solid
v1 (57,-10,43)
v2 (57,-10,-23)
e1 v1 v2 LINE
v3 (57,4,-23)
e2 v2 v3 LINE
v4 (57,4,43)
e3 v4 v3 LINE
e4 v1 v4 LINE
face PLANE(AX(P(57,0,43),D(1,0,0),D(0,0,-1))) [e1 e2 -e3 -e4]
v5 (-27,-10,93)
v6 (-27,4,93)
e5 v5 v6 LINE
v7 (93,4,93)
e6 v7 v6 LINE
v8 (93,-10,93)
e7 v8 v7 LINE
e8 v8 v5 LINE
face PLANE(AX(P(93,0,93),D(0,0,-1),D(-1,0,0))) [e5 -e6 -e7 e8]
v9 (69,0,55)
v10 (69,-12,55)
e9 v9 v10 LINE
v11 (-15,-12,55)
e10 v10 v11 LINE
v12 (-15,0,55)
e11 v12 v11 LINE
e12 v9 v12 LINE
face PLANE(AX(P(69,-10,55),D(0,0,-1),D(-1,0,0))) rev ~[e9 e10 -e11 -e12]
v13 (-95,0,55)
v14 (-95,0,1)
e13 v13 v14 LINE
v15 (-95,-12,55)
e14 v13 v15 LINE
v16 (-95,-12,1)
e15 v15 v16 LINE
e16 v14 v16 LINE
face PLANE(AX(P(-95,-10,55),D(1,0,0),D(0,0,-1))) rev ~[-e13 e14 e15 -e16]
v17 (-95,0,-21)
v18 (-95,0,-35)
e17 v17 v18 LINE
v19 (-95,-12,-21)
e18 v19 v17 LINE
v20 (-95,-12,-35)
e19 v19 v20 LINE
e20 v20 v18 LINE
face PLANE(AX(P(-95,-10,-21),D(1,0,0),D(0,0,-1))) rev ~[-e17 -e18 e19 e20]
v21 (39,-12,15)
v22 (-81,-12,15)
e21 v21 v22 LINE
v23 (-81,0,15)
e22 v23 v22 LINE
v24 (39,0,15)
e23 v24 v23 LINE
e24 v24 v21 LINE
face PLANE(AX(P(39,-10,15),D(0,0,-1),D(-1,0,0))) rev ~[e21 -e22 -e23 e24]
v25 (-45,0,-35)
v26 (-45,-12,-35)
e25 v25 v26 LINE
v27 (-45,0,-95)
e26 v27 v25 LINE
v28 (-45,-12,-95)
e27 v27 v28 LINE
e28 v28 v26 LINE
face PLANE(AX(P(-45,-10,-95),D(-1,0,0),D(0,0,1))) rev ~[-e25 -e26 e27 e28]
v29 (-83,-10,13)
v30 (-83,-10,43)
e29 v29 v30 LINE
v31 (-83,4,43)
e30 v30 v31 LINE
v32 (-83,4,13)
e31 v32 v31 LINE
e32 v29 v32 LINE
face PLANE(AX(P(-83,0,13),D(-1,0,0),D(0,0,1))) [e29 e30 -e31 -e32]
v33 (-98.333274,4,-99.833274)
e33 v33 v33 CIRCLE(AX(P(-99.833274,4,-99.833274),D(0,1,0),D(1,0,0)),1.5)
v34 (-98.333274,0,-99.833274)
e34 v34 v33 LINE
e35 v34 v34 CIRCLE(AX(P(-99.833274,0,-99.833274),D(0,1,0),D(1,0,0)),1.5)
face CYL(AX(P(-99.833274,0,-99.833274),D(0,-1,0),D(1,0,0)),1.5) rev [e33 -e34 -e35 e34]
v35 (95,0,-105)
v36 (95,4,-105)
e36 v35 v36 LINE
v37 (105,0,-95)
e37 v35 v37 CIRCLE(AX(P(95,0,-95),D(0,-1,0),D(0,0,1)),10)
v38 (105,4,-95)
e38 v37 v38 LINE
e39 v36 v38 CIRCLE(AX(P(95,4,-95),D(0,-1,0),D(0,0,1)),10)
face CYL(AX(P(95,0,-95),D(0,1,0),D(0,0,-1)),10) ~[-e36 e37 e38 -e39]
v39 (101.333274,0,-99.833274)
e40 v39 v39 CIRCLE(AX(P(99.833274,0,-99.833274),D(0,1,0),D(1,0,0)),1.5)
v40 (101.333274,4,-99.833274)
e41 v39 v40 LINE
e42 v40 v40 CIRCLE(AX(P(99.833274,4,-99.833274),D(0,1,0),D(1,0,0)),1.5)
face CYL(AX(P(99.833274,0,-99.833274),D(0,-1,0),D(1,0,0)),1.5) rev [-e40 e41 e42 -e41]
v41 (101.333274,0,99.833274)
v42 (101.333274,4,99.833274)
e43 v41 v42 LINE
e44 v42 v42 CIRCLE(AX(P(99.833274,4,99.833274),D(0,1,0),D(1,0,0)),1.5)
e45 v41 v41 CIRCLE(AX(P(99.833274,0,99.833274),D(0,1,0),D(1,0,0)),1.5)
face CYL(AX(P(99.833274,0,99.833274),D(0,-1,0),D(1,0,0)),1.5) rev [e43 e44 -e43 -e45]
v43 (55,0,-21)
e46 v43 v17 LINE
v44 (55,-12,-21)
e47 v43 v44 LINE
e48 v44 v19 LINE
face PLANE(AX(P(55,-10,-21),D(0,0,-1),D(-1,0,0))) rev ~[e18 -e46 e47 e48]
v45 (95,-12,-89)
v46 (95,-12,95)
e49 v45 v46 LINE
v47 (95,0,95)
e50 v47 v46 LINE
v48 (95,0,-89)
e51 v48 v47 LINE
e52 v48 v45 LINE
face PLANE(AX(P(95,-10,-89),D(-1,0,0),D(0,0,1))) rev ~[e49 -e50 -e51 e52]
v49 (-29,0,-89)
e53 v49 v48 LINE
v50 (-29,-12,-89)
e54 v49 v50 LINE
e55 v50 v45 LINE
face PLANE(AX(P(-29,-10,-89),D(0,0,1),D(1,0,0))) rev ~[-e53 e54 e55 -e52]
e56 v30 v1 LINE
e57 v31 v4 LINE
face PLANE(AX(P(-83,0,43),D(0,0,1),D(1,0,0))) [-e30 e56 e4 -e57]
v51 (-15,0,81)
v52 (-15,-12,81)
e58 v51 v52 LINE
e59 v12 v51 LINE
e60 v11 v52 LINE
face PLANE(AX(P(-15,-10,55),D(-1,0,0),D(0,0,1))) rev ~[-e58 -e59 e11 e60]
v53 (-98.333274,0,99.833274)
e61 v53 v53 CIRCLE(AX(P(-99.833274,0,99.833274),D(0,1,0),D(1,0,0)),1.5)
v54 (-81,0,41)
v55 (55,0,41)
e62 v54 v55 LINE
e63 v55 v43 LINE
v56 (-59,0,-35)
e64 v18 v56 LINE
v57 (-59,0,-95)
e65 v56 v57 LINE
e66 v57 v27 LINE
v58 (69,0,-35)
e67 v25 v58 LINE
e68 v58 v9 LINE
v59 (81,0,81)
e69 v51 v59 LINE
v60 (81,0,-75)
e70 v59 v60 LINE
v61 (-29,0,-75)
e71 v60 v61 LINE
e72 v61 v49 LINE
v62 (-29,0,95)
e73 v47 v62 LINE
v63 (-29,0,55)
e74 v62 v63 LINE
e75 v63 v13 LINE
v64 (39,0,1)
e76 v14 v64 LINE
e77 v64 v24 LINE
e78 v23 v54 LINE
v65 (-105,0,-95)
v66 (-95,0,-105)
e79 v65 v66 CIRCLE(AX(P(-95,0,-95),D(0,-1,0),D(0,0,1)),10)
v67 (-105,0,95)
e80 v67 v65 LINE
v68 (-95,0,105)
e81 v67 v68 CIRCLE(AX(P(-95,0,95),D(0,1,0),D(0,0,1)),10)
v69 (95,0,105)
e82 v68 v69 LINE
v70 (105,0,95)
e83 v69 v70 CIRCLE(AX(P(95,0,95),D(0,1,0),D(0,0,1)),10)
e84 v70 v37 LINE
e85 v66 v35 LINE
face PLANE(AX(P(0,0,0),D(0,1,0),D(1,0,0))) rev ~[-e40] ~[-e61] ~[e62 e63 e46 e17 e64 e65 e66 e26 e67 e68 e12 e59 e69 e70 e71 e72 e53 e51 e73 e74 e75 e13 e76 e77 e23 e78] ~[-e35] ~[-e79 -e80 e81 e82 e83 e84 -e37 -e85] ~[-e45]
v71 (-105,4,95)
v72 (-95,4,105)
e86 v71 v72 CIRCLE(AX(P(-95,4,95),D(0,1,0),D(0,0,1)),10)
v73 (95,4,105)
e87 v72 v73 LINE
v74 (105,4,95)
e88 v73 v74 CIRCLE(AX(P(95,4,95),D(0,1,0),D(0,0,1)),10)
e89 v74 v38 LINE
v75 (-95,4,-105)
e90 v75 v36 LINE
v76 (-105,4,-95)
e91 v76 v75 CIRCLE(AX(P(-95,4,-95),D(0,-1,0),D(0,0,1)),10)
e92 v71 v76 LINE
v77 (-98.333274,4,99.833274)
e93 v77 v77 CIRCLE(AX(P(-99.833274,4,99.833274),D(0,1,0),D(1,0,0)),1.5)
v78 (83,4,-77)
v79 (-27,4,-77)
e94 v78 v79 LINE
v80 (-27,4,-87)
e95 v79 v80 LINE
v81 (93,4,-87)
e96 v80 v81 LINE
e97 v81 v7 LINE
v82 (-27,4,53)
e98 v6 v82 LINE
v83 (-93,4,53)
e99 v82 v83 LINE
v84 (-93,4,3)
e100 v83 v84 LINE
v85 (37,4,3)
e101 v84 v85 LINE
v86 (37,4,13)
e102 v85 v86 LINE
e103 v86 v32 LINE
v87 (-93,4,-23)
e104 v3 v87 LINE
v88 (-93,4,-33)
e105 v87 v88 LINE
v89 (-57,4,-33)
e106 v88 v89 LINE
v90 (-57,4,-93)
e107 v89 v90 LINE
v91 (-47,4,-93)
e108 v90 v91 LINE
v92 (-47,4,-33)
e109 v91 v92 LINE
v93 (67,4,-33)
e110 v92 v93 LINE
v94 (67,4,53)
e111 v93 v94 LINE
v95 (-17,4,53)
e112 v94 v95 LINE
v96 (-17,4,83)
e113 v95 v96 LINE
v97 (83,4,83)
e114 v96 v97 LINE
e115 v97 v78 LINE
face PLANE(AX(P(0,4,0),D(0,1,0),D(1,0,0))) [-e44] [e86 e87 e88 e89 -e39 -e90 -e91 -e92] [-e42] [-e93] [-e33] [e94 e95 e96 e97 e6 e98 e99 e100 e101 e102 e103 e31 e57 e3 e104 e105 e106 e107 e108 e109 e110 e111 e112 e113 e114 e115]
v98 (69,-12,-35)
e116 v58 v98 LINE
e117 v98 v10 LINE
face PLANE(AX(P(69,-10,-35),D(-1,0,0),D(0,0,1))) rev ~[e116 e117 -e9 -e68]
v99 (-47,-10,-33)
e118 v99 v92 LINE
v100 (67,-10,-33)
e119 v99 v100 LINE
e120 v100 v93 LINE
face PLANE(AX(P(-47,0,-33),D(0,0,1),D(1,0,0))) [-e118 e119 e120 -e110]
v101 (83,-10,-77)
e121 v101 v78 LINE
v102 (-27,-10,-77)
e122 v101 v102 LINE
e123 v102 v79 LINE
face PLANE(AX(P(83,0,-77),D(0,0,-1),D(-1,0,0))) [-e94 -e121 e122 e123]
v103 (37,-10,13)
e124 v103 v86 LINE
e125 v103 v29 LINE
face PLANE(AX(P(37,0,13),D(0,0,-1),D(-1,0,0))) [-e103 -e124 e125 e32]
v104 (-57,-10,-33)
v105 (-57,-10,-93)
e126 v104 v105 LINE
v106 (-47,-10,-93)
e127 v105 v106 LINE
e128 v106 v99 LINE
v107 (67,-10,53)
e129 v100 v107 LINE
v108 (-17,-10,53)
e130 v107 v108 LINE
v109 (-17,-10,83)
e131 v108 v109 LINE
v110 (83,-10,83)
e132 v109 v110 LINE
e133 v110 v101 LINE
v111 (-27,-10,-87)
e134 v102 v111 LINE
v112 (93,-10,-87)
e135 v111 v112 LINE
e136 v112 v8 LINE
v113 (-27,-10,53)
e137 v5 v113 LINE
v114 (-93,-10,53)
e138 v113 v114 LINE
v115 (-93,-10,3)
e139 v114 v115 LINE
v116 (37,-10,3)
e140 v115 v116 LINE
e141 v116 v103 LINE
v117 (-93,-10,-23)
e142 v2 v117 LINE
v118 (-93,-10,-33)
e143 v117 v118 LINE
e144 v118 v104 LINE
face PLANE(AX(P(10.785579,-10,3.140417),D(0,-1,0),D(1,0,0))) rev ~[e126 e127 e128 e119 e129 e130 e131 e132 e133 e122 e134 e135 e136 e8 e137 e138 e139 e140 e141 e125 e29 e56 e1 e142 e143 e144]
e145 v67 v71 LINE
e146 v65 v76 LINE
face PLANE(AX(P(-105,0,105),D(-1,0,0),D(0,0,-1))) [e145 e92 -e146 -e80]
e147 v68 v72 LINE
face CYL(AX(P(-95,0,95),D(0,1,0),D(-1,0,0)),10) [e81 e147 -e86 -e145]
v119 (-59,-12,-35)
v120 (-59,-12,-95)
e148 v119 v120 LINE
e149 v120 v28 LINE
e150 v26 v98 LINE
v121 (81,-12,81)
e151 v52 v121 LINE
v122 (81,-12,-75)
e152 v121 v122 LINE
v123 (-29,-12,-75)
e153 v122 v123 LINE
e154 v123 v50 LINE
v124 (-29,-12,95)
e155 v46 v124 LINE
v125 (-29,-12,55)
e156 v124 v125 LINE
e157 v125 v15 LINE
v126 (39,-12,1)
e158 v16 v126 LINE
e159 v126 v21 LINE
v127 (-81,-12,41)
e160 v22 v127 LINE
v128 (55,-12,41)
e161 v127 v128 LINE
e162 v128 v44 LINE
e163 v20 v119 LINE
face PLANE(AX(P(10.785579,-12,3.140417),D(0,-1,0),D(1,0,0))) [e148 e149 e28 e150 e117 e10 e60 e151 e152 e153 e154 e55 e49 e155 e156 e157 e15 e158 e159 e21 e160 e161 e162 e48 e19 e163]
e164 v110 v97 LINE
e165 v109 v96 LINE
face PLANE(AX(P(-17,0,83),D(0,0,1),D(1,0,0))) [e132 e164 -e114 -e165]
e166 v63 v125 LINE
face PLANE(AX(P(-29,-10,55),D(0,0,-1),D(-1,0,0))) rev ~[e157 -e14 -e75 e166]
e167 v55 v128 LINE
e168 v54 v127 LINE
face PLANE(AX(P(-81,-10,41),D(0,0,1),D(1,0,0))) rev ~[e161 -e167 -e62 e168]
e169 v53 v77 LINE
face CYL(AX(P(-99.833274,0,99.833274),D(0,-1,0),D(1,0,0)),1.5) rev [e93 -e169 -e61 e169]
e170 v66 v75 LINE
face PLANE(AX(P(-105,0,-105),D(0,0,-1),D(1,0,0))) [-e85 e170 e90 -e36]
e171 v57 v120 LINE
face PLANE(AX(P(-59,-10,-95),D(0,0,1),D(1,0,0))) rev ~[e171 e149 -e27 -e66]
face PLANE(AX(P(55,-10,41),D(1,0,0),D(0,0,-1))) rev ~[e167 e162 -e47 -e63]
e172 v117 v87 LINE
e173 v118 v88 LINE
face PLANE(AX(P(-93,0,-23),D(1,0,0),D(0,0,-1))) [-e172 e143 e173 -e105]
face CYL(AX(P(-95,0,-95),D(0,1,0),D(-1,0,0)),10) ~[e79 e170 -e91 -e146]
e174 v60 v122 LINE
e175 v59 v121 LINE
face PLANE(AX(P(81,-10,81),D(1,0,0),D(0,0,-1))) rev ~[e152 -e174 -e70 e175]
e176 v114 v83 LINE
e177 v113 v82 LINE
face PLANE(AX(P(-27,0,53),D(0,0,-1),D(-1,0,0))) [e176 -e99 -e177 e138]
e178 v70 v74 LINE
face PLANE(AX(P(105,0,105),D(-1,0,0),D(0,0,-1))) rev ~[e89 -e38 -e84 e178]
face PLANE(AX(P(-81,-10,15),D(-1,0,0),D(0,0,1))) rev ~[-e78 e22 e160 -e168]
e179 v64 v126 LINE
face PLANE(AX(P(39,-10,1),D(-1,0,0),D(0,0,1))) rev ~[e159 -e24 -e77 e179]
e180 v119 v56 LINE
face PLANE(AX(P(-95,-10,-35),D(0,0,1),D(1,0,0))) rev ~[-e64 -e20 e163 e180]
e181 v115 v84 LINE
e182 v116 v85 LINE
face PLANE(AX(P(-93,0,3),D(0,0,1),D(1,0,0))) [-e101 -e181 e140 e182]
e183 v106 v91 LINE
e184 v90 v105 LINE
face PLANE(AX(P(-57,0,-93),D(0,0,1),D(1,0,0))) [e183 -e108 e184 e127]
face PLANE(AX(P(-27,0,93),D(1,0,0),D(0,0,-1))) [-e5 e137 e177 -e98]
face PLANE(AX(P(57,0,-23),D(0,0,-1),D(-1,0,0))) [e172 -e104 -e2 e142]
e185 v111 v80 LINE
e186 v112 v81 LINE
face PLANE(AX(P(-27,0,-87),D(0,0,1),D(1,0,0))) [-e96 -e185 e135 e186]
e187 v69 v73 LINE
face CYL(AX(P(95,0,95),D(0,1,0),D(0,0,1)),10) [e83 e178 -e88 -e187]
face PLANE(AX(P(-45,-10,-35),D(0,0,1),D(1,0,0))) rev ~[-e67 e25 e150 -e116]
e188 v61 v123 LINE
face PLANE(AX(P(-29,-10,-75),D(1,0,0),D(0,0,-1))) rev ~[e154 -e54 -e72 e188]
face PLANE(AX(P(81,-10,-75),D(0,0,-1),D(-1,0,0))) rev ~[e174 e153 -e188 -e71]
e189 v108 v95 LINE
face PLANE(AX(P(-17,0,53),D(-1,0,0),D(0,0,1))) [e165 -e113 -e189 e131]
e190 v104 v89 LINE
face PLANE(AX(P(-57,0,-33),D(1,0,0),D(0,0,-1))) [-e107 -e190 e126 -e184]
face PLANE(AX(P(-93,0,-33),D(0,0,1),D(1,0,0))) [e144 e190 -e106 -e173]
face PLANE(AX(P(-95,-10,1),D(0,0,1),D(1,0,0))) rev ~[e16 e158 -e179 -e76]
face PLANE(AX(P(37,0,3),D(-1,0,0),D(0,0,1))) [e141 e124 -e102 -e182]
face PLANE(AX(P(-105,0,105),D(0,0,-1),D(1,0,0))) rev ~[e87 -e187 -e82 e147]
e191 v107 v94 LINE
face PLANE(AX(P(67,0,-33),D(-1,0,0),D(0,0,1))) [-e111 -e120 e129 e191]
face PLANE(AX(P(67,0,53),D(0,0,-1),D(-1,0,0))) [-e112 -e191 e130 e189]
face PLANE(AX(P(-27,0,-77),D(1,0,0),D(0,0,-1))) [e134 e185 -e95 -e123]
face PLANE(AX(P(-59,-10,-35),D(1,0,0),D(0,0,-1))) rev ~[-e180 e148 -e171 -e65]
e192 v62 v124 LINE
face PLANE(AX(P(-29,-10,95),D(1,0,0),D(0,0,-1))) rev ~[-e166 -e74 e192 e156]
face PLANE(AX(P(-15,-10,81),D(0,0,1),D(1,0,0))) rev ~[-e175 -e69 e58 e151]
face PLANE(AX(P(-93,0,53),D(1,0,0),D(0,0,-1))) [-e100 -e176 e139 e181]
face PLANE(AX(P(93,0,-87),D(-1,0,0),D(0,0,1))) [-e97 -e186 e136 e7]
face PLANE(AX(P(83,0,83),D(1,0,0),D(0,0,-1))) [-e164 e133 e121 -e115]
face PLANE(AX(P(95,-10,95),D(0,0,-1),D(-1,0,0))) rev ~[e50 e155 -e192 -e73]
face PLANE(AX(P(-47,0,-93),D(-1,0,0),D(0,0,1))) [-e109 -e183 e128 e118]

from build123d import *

# Parameters (mm, degrees)
SKETCH1_W           = 210
SKETCH1_H           = 210
MAINEXTRUDE_DEPTH   = 4
SKETCH1_6_R         = 1.5
SCREWHOLES_DEPTH    = 4
ROUNDEDCORNERS_R    = 10
TRENCH_DEPTH        = 12
TRENCH_WALLS_DEPTH  = 10
TRENCH_BOTTOM_DEPTH = 2


with BuildPart() as part:
    # Sketch1 → MainExtrude (new body)
    with BuildSketch(Plane(origin=(0, 0, 0), x_dir=(1, 0, 0), z_dir=(0, 1, 0))):
        Rectangle(SKETCH1_W, SKETCH1_H)
    extrude(amount=MAINEXTRUDE_DEPTH)

    # Sketch1<6> → ScrewHoles (cut)
    with BuildSketch(Plane(origin=(0, 0, 0), x_dir=(1, 0, 0), z_dir=(0, 1, 0))):
        with Locations((-99.833273811, 99.833273811)):
            Circle(SKETCH1_6_R)
        with Locations((-99.833273811, -99.833273811)):
            Circle(SKETCH1_6_R)
        with Locations((99.833273811, -99.833273811)):
            Circle(SKETCH1_6_R)
        with Locations((99.833273811, 99.833273811)):
            Circle(SKETCH1_6_R)
    extrude(amount=SCREWHOLES_DEPTH, mode=Mode.SUBTRACT)

    # RoundedCorners
    roundedcorners_edges = [part.edges().sort_by_distance(p)[0] for p in [
        (-105, 2, -105),
        (-105, 2, 105),
        (105, 2, 105),
        (105, 2, -105),
    ]]
    fillet(roundedcorners_edges, radius=ROUNDEDCORNERS_R)

    # Sketch3 → Trench (cut)
    with BuildSketch(Plane(origin=(0, 0, 0), x_dir=(1, 0, 0), z_dir=(0, 1, 0))):
        Polygon((-57, 93), (-57, 33), (-93, 33), (-93, 23), (57, 23), (57, -43), (-83, -43), (-83, -13), (37, -13), (37, -3), (-93, -3), (-93, -53), (-27, -53), (-27, -93), (93, -93), (93, 87), (-27, 87), (-27, 77), (83, 77), (83, -83), (-17, -83), (-17, -53), (67, -53), (67, 33), (-47, 33), (-47, 93), align=None)
    extrude(amount=TRENCH_DEPTH, mode=Mode.SUBTRACT)

    # Sketch7 → Trench Walls (add)
    with BuildSketch(Plane.XZ):
        Polygon((-59, -95), (-45, -95), (-45, -35), (69, -35), (69, 55), (-15, 55), (-15, 81), (81, 81), (81, -75), (-29, -75), (-29, -89), (95, -89), (95, 95), (-29, 95), (-29, 55), (-95, 55), (-95, 1), (39, 1), (39, 15), (-81, 15), (-81, 41), (55, 41), (55, -21), (-95, -21), (-95, -35), (-59, -35), align=None)
        Polygon((-57, -93), (-47, -93), (-47, -33), (67, -33), (67, 53), (-17, 53), (-17, 83), (83, 83), (83, -77), (-27, -77), (-27, -87), (93, -87), (93, 93), (-27, 93), (-27, 53), (-93, 53), (-93, 3), (37, 3), (37, 13), (-83, 13), (-83, 43), (57, 43), (57, -23), (-93, -23), (-93, -33), (-57, -33), align=None, mode=Mode.SUBTRACT)
    extrude(amount=TRENCH_WALLS_DEPTH)

    # Sketch8 → Trench Bottom (add)
    with BuildSketch(Plane.XZ.offset(10)):
        Polygon((-59, -35), (-59, -95), (-45, -95), (-45, -35), (69, -35), (69, 55), (-15, 55), (-15, 81), (81, 81), (81, -75), (-29, -75), (-29, -89), (95, -89), (95, 95), (-29, 95), (-29, 55), (-95, 55), (-95, 1), (39, 1), (39, 15), (-81, 15), (-81, 41), (55, 41), (55, -21), (-95, -21), (-95, -35), align=None)
    extrude(amount=TRENCH_BOTTOM_DEPTH)


solid = part.part
